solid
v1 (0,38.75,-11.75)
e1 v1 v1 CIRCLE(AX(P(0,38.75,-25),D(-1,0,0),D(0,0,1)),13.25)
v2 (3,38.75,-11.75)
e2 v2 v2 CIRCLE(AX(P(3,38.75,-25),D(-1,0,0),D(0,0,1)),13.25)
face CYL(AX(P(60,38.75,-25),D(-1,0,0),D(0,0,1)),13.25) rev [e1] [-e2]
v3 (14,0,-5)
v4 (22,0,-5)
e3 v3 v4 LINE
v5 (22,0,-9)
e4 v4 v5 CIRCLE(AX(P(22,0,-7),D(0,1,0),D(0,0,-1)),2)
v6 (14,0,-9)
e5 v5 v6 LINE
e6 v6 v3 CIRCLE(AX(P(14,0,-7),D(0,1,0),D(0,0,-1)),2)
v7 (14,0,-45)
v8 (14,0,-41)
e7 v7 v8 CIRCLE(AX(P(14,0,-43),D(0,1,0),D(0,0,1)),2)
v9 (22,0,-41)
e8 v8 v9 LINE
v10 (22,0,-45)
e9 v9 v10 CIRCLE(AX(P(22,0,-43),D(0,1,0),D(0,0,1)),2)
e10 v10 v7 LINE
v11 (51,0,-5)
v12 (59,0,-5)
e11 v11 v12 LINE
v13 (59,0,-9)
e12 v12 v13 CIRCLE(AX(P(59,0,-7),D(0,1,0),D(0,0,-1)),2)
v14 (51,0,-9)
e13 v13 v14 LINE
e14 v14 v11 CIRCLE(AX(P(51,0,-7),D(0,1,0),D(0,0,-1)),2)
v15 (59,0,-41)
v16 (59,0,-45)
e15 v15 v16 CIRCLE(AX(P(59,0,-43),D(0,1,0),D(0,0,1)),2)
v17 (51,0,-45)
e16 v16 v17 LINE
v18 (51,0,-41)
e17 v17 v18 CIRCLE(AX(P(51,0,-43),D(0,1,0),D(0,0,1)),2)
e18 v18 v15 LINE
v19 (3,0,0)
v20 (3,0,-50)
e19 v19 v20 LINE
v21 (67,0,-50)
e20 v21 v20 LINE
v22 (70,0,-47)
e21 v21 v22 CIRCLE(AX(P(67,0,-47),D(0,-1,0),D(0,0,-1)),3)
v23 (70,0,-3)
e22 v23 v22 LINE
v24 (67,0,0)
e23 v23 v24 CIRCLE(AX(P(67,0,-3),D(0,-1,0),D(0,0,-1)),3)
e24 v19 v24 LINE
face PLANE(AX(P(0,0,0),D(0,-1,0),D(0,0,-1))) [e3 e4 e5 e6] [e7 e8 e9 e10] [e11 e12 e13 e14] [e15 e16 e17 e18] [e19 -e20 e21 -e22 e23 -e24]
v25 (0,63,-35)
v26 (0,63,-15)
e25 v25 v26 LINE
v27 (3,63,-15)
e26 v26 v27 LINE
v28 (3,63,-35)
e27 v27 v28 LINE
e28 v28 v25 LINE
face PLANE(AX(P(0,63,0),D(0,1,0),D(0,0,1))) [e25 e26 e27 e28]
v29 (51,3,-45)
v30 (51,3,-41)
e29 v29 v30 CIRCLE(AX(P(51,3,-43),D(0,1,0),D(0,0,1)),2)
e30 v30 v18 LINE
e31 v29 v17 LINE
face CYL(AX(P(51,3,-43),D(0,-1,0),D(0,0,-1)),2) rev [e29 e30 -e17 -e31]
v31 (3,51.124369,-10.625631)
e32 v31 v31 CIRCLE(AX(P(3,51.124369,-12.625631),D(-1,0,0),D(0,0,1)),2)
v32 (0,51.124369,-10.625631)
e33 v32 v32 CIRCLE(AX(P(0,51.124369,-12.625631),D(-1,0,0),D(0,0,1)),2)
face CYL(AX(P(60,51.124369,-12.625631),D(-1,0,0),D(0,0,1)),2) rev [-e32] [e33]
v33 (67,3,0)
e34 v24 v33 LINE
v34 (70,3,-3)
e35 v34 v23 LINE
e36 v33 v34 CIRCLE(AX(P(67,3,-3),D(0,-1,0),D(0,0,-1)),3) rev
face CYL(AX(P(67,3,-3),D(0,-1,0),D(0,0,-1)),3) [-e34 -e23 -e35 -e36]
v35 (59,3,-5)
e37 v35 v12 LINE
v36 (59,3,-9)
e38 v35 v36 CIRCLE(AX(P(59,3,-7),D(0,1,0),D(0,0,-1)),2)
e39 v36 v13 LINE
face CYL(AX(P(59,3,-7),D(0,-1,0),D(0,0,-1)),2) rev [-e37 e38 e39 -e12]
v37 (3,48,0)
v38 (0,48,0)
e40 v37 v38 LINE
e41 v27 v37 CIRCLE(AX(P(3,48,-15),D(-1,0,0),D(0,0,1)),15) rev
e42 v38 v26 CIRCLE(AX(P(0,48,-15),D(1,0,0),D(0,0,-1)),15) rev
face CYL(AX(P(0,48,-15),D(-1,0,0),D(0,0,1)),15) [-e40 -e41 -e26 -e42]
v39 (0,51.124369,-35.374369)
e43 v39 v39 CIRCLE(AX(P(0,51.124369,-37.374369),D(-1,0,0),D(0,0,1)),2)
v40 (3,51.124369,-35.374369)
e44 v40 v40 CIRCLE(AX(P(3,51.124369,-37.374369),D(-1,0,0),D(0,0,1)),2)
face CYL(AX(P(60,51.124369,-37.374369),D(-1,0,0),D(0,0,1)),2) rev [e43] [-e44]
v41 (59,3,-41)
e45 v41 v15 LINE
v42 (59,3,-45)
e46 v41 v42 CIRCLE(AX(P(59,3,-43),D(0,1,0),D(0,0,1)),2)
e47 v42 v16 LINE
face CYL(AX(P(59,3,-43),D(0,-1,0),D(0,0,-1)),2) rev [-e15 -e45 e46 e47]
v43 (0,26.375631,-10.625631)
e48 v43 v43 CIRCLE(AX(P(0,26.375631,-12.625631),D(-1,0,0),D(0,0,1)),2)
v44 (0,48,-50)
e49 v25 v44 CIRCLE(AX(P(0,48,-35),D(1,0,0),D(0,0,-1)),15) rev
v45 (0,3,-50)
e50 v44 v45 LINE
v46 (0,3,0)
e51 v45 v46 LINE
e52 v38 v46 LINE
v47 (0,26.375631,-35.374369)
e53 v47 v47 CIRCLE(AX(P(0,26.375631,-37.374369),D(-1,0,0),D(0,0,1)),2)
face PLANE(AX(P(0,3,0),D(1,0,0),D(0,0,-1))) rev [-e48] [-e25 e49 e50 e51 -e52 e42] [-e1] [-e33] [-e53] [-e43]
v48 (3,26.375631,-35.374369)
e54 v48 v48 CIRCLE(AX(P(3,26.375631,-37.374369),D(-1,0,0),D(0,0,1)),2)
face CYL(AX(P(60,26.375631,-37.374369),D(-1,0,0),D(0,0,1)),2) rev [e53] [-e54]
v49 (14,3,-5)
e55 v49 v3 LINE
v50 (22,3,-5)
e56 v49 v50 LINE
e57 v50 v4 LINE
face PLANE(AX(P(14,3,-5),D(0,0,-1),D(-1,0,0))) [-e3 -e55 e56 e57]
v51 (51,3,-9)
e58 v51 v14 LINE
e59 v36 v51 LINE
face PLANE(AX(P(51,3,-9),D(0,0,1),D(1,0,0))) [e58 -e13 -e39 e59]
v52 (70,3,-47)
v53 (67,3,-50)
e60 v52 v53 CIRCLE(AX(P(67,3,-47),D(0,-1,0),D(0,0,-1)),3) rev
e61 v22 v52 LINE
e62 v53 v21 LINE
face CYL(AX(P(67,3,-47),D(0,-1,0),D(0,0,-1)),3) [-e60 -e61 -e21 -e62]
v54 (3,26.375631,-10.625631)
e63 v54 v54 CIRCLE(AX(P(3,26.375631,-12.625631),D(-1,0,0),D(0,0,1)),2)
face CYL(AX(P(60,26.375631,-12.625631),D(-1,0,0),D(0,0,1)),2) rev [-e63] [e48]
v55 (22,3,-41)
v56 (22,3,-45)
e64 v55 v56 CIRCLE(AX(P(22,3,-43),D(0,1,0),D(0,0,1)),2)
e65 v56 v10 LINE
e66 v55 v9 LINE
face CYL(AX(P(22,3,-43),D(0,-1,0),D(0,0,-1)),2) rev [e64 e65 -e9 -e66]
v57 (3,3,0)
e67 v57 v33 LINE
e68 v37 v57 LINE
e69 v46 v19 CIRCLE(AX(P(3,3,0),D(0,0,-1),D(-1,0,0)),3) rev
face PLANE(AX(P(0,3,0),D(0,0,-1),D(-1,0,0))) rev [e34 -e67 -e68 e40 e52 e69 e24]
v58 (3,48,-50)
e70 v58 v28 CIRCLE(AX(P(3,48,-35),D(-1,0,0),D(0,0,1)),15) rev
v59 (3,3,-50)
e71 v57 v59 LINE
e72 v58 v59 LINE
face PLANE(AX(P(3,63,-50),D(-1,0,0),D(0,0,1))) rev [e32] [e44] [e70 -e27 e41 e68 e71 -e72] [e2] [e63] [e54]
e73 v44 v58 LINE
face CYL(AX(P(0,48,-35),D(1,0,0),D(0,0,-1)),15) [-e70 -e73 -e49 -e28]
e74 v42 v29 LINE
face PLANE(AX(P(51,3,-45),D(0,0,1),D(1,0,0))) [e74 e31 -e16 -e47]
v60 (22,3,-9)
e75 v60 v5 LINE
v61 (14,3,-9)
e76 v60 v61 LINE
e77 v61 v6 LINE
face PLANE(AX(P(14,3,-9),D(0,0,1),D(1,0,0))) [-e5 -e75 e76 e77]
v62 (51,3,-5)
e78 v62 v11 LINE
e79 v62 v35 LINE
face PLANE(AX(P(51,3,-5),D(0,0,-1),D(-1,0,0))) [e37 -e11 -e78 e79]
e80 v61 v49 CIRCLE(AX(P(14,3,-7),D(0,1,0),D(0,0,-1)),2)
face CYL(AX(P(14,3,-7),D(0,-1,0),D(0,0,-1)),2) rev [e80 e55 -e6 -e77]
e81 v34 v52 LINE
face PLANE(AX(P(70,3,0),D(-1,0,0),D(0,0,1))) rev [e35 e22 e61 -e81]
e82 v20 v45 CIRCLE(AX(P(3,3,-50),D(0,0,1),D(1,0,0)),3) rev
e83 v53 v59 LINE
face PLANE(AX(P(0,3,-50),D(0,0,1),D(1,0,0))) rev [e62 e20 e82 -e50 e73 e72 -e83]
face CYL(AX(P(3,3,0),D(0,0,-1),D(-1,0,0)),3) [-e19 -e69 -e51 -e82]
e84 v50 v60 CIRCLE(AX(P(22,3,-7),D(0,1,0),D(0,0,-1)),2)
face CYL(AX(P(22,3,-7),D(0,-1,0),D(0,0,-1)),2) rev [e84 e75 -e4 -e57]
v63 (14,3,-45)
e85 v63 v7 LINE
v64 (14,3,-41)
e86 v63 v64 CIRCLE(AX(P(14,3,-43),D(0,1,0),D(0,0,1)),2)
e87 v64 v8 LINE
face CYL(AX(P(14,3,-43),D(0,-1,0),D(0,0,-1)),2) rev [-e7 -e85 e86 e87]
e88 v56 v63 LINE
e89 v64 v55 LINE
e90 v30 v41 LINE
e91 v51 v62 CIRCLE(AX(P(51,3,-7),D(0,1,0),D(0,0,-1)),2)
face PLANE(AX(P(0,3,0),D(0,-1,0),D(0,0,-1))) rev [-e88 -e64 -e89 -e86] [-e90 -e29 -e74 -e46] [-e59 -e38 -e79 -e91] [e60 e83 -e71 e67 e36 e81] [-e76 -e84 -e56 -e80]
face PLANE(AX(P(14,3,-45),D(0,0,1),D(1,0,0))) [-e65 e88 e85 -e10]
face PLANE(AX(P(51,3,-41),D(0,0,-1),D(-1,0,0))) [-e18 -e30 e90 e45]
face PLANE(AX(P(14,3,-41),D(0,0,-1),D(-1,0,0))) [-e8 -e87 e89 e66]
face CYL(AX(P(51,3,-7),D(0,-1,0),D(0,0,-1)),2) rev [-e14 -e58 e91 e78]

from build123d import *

# Parameters (mm, degrees)
SKETCH1_W           = 70
SKETCH1_H           = 50
BOSS_EXTRUDE1_DEPTH = 3
SKETCH2_W           = 3
SKETCH2_H           = 50
BOSS_EXTRUDE2_DEPTH = 60
SKETCH3_R           = 13.25
SKETCH3_R_2         = 2
CUT_EXTRUDE1_DEPTH  = 60
FILLET1_R           = 15
FILLET2_R           = 3


with BuildPart() as part:
    # Sketch1 → Boss-Extrude1 (new body)
    with BuildSketch(Plane(origin=(0, 0, 0), x_dir=(1, 0, 0), z_dir=(0, 1, 0))):
        with Locations((35, 25)):
            Rectangle(SKETCH1_W, SKETCH1_H)
        with BuildLine():
            Line((14, 45), (22, 45))
            ThreePointArc((22, 45), (24, 43), (22, 41))
            Line((22, 41), (14, 41))
            ThreePointArc((14, 41), (12, 43), (14, 45))
        make_face(mode=Mode.SUBTRACT)
        with BuildLine():
            Line((51, 45), (59, 45))
            ThreePointArc((59, 45), (61, 43), (59, 41))
            Line((59, 41), (51, 41))
            ThreePointArc((51, 41), (49, 43), (51, 45))
        make_face(mode=Mode.SUBTRACT)
        with BuildLine():
            Line((51, 5), (59, 5))
            ThreePointArc((59, 5), (61, 7), (59, 9))
            Line((59, 9), (51, 9))
            ThreePointArc((51, 9), (49, 7), (51, 5))
        make_face(mode=Mode.SUBTRACT)
        with BuildLine():
            Line((14, 5), (22, 5))
            ThreePointArc((22, 5), (24, 7), (22, 9))
            Line((22, 9), (14, 9))
            ThreePointArc((14, 9), (12, 7), (14, 5))
        make_face(mode=Mode.SUBTRACT)
    extrude(amount=BOSS_EXTRUDE1_DEPTH)

    # Sketch2 → Boss-Extrude2 (add)
    with BuildSketch(Plane(origin=(0, 3, 0), x_dir=(1, 0, 0), z_dir=(0, 1, 0))):
        with Locations((1.5, 25)):
            Rectangle(SKETCH2_W, SKETCH2_H)
    extrude(amount=BOSS_EXTRUDE2_DEPTH)

    # Sketch3 → Cut-Extrude1 (cut)
    with BuildSketch(Plane.ZY):
        with Locations((-25, 38.75)):
            Circle(SKETCH3_R)
        with Locations((-12.625631329, 26.375631329)):
            Circle(SKETCH3_R_2)
        with Locations((-12.625631329, 51.124368671)):
            Circle(SKETCH3_R_2)
        with Locations((-37.374368671, 51.124368671)):
            Circle(SKETCH3_R_2)
        with Locations((-37.374368671, 26.375631329)):
            Circle(SKETCH3_R_2)
    extrude(amount=-CUT_EXTRUDE1_DEPTH, mode=Mode.SUBTRACT)

    # Fillet1
    fillet1_edges = [part.edges().sort_by_distance(p)[0] for p in [
        (1.5, 63, 0),
        (1.5, 63, -50),
    ]]
    fillet(fillet1_edges, radius=FILLET1_R)

    # Fillet2
    fillet2_edges = [part.edges().sort_by_distance(p)[0] for p in [
        (0, 0, -25),
        (70, 1.5, -50),
        (70, 1.5, 0),
    ]]
    fillet(fillet2_edges, radius=FILLET2_R)


solid = part.part
